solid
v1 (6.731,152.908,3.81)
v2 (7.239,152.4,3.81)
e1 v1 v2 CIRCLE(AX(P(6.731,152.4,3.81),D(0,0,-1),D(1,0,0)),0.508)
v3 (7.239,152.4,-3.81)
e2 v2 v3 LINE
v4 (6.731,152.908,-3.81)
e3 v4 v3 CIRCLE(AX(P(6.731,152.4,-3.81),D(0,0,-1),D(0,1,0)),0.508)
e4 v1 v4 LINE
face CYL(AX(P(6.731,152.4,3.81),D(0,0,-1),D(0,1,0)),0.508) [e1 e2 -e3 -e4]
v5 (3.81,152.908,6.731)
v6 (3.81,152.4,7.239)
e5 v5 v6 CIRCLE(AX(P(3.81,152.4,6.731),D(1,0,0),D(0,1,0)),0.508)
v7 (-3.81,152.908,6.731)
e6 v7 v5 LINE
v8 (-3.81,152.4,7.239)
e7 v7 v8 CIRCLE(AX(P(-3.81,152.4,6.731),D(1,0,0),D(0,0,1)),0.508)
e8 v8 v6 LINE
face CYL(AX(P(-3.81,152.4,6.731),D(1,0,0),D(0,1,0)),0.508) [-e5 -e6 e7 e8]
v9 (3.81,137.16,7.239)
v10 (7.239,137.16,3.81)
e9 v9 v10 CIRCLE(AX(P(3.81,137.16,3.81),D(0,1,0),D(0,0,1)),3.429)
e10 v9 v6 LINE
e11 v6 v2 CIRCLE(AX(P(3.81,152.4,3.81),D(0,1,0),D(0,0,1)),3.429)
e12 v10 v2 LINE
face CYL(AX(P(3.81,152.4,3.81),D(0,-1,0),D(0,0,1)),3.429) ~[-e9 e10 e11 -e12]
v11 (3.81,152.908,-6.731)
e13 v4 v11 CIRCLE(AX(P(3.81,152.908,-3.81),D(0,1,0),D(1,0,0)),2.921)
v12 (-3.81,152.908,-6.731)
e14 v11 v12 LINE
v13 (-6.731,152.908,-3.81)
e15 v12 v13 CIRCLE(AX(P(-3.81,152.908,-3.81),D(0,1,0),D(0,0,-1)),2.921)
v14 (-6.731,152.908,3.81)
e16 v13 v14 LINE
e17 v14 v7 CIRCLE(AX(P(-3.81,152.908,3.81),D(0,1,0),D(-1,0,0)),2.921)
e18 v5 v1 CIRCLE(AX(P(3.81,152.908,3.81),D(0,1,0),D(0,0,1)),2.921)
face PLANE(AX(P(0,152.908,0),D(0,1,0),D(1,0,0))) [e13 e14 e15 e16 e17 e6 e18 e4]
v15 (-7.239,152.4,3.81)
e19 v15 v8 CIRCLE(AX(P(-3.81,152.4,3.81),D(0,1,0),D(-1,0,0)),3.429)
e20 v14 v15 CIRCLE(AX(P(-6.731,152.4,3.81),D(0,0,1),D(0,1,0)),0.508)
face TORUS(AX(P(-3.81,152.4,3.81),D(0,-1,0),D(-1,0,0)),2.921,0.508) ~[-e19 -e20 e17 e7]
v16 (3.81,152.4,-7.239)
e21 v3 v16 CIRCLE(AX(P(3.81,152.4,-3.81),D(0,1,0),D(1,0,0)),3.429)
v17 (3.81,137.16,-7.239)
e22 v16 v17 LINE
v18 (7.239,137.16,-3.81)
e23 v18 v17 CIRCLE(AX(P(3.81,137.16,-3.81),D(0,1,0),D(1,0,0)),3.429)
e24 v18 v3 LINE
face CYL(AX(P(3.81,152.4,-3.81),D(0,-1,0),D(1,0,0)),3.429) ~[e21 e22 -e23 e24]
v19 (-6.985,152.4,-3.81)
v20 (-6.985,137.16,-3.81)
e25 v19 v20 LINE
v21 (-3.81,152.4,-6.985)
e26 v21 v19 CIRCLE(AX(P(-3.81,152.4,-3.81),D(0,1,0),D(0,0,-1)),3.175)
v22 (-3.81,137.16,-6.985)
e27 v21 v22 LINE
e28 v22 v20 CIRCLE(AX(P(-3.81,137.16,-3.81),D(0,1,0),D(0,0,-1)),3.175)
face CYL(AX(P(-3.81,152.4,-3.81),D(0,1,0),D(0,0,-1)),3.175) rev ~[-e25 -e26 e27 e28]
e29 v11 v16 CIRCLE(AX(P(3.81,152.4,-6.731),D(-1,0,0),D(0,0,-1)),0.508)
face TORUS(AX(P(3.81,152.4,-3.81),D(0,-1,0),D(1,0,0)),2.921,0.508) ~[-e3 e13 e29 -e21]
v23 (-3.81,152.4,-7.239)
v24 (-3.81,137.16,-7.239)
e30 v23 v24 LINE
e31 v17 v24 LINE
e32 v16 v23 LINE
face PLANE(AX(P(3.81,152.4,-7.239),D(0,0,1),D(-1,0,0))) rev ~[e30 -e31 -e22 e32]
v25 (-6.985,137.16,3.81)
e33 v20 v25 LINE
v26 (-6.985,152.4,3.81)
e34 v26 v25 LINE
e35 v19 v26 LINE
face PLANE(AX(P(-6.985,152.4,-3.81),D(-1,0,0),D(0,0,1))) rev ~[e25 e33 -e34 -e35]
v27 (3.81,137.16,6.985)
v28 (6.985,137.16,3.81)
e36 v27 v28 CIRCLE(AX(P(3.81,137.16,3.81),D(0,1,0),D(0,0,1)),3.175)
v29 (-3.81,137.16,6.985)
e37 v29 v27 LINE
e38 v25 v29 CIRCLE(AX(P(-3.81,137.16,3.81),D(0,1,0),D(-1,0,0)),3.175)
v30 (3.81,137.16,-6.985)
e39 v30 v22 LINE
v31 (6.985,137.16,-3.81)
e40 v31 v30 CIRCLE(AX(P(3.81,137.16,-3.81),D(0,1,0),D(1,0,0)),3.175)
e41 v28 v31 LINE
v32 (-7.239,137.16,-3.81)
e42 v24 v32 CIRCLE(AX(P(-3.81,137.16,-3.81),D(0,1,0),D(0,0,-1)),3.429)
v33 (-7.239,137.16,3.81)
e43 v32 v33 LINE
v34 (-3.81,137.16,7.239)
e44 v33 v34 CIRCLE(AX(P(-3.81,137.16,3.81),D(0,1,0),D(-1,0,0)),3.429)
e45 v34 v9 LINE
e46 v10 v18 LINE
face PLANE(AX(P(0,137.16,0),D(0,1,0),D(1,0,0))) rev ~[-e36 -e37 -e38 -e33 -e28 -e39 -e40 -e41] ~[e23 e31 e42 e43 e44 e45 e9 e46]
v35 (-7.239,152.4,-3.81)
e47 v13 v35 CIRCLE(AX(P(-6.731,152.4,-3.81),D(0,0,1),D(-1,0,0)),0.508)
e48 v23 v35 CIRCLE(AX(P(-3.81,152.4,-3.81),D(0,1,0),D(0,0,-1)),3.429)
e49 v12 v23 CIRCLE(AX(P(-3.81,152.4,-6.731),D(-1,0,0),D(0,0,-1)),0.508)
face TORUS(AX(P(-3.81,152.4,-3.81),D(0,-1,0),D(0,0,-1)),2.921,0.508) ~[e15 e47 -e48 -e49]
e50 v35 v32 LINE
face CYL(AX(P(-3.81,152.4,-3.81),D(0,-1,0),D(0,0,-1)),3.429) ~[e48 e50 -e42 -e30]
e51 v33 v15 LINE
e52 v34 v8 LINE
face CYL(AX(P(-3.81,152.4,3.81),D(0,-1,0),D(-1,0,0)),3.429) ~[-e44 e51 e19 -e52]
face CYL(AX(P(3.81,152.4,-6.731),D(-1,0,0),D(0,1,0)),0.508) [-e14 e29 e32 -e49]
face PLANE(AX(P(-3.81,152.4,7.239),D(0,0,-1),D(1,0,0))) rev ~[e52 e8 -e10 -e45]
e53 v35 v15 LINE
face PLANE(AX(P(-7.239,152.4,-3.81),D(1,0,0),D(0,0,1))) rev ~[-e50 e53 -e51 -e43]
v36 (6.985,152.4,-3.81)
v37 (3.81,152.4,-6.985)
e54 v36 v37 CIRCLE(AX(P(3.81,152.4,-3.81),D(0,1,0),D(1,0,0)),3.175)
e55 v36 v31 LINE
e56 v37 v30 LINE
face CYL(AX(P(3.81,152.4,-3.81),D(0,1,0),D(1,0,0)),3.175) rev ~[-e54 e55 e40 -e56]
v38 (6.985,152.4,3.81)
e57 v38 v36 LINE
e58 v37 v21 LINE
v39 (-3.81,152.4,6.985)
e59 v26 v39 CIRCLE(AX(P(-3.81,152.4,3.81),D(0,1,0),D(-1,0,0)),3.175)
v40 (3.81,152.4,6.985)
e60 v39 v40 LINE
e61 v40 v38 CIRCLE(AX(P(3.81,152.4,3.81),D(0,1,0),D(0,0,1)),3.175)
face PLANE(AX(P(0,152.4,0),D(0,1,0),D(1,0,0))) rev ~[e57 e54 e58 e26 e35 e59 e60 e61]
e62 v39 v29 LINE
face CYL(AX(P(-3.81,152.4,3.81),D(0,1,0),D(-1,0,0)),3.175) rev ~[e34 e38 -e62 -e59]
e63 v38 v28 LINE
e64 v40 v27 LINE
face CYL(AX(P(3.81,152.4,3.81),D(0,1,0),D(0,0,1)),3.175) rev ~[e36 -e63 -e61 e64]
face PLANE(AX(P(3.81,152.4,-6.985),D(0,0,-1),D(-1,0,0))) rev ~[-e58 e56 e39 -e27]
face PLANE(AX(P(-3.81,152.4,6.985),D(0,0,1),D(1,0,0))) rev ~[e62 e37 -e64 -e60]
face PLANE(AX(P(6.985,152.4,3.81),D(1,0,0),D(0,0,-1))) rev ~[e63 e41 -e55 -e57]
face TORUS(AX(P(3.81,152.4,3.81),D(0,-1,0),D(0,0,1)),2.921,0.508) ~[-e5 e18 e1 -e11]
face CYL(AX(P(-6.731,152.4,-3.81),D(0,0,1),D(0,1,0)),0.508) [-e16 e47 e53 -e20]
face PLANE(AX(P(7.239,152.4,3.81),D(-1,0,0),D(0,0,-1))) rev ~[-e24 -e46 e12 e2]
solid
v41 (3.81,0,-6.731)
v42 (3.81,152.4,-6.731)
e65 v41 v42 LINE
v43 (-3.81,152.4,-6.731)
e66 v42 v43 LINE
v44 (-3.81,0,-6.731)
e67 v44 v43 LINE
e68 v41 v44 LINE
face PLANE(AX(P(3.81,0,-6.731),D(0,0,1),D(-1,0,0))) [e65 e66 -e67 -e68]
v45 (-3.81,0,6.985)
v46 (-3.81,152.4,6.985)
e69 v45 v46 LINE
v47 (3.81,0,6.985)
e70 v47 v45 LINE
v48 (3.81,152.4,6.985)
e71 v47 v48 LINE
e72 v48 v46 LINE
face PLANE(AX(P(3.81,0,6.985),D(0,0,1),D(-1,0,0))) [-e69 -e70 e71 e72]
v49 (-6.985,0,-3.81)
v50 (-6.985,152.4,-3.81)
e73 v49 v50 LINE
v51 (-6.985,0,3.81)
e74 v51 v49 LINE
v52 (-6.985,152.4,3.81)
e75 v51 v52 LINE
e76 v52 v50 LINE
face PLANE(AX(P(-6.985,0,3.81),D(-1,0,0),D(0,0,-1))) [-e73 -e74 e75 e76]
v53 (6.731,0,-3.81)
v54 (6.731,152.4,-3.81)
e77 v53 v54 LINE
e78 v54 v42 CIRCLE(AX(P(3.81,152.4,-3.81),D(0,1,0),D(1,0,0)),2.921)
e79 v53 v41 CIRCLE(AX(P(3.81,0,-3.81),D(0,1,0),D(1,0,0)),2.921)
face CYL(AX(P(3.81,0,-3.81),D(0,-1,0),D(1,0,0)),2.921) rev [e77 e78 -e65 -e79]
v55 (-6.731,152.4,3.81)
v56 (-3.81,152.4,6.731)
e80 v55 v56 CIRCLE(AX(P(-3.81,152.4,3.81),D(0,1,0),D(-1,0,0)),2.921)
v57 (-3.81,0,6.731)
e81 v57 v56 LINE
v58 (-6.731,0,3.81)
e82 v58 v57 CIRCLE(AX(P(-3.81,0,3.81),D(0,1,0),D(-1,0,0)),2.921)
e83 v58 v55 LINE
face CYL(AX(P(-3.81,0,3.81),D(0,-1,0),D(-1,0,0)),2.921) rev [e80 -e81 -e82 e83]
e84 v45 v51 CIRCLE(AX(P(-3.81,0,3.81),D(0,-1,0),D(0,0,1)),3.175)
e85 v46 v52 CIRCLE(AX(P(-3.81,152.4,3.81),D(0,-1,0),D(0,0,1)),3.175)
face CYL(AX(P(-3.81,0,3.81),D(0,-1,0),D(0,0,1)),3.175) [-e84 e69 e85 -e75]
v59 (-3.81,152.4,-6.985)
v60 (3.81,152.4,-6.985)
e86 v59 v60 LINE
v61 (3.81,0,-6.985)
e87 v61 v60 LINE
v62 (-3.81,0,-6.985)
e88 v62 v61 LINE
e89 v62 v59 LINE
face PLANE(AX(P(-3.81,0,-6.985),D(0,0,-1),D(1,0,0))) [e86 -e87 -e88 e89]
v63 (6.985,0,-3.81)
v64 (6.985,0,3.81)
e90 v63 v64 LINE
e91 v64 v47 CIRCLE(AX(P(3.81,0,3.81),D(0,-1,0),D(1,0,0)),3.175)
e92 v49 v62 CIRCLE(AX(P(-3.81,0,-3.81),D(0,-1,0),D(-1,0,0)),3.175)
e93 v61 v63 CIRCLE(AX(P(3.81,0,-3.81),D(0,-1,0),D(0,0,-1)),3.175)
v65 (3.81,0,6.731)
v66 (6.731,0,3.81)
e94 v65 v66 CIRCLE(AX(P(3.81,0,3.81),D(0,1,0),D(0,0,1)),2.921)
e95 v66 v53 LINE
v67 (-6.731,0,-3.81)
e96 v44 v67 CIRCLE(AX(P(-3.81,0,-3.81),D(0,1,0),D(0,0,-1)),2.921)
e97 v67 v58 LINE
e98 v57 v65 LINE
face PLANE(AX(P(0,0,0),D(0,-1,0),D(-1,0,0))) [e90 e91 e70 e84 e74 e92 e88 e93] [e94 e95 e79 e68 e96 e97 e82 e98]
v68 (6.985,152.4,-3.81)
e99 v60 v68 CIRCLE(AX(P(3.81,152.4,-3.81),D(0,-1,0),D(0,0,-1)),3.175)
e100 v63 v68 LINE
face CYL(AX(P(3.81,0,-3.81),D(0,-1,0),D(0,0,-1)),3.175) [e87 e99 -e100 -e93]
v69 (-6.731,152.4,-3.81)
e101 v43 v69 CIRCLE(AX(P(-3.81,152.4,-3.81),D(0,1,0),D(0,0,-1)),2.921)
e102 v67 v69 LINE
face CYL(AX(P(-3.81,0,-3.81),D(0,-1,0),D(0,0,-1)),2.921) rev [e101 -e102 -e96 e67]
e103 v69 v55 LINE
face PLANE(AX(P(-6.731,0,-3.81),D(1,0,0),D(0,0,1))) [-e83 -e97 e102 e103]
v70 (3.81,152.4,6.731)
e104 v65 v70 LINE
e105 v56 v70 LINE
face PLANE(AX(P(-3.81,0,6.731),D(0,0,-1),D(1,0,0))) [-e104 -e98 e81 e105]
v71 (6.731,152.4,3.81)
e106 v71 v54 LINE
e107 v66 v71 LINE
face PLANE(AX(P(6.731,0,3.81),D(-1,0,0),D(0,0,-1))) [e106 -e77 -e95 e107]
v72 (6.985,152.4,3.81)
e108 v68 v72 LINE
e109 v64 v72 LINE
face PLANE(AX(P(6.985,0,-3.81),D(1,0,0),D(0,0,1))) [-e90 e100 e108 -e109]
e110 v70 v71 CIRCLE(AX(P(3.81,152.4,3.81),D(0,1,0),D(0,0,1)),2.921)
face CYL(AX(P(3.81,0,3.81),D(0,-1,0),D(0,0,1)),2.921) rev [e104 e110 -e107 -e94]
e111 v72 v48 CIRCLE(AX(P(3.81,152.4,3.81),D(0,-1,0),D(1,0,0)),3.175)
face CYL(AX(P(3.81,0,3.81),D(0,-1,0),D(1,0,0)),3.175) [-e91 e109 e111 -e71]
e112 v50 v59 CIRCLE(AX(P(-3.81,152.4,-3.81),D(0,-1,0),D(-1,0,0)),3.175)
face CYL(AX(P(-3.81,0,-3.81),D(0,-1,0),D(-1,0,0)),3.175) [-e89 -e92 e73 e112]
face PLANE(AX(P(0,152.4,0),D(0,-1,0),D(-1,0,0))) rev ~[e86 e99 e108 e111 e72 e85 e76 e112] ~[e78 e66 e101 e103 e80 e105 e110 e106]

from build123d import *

# Parameters (mm, degrees)
BOSS_EXTRUDE1_DEPTH = 152.4
BOSS_EXTRUDE2_DEPTH = 15.24
BOSS_EXTRUDE3_DEPTH = 0.508
FILLET1_R           = 0.508


with BuildPart() as part:
    # Sketch1 → Boss-Extrude1 (new body)
    with BuildSketch(Plane(origin=(0, 0, 0), x_dir=(1, 0, 0), z_dir=(0, 1, 0))):
        with BuildLine():
            Line((3.81, -6.985), (-3.81, -6.985))
            ThreePointArc((-3.81, -6.985), (-6.05506403, -6.05506403), (-6.985, -3.81))
            Line((-6.985, -3.81), (-6.985, 3.81))
            ThreePointArc((-6.985, 3.81), (-6.05506403, 6.05506403), (-3.81, 6.985))
            Line((-3.81, 6.985), (3.81, 6.985))
            ThreePointArc((3.81, 6.985), (6.05506403, 6.05506403), (6.985, 3.81))
            Line((6.985, 3.81), (6.985, -3.81))
            ThreePointArc((6.985, -3.81), (6.05506403, -6.05506403), (3.81, -6.985))
        make_face()
        with BuildLine():
            Line((3.81, 6.731), (-3.81, 6.731))
            ThreePointArc((-3.81, 6.731), (-5.875458908, 5.875458908), (-6.731, 3.81))
            Line((-6.731, 3.81), (-6.731, -3.81))
            ThreePointArc((-6.731, -3.81), (-5.875458908, -5.875458908), (-3.81, -6.731))
            Line((-3.81, -6.731), (3.81, -6.731))
            ThreePointArc((3.81, -6.731), (5.875458908, -5.875458908), (6.731, -3.81))
            Line((6.731, -3.81), (6.731, 3.81))
            ThreePointArc((6.731, 3.81), (5.875458908, 5.875458908), (3.81, 6.731))
        make_face(mode=Mode.SUBTRACT)
    extrude(amount=BOSS_EXTRUDE1_DEPTH)


with BuildPart() as body_2:
    # Sketch2 → Boss-Extrude2 (new body)
    with BuildSketch(Plane(origin=(0, 152.4, 0), x_dir=(1, 0, 0), z_dir=(0, 1, 0))):
        with BuildLine():
            Line((-7.239, 3.81), (-7.239, -3.81))
            ThreePointArc((-7.239, -3.81), (-6.234669153, -6.234669153), (-3.81, -7.239))
            Line((-3.81, -7.239), (3.81, -7.239))
            ThreePointArc((3.81, -7.239), (6.234669153, -6.234669153), (7.239, -3.81))
            Line((7.239, -3.81), (7.239, 3.81))
            ThreePointArc((7.239, 3.81), (6.234669153, 6.234669153), (3.81, 7.239))
            Line((3.81, 7.239), (-3.81, 7.239))
            ThreePointArc((-3.81, 7.239), (-6.234669153, 6.234669153), (-7.239, 3.81))
        make_face()
        with BuildLine():
            Line((-3.81, -6.985), (3.81, -6.985))
            ThreePointArc((3.81, -6.985), (6.05506403, -6.05506403), (6.985, -3.81))
            Line((6.985, -3.81), (6.985, 3.81))
            ThreePointArc((6.985, 3.81), (6.05506403, 6.05506403), (3.81, 6.985))
            Line((3.81, 6.985), (-3.81, 6.985))
            ThreePointArc((-3.81, 6.985), (-6.05506403, 6.05506403), (-6.985, 3.81))
            Line((-6.985, 3.81), (-6.985, -3.81))
            ThreePointArc((-6.985, -3.81), (-6.05506403, -6.05506403), (-3.81, -6.985))
        make_face(mode=Mode.SUBTRACT)
    extrude(amount=-BOSS_EXTRUDE2_DEPTH)

    # Sketch3 → Boss-Extrude3 (add)
    with BuildSketch(Plane(origin=(0, 152.4, 0), x_dir=(1, 0, 0), z_dir=(0, 1, 0))):
        with BuildLine():
            Line((-7.239, 3.81), (-7.239, -3.81))
            ThreePointArc((-7.239, -3.81), (-6.234669153, -6.234669153), (-3.81, -7.239))
            Line((-3.81, -7.239), (3.81, -7.239))
            ThreePointArc((3.81, -7.239), (6.234669153, -6.234669153), (7.239, -3.81))
            Line((7.239, -3.81), (7.239, 3.81))
            ThreePointArc((7.239, 3.81), (6.234669153, 6.234669153), (3.81, 7.239))
            Line((3.81, 7.239), (-3.81, 7.239))
            ThreePointArc((-3.81, 7.239), (-6.234669153, 6.234669153), (-7.239, 3.81))
        make_face()
    extrude(amount=BOSS_EXTRUDE3_DEPTH)

    # Fillet1
    fillet1_edges = [body_2.edges().sort_by_distance(p)[0] for p in [
        (-6.234669153, 152.908, -6.234669153),
        (-7.239, 152.908, 0),
        (-6.234669153, 152.908, 6.234669153),
        (0, 152.908, 7.239),
        (6.234669153, 152.908, 6.234669153),
        (7.239, 152.908, 0),
        (6.234669153, 152.908, -6.234669153),
        (0, 152.908, -7.239),
    ]]
    fillet(fillet1_edges, radius=FILLET1_R)


solid = Compound([part.part, body_2.part])
